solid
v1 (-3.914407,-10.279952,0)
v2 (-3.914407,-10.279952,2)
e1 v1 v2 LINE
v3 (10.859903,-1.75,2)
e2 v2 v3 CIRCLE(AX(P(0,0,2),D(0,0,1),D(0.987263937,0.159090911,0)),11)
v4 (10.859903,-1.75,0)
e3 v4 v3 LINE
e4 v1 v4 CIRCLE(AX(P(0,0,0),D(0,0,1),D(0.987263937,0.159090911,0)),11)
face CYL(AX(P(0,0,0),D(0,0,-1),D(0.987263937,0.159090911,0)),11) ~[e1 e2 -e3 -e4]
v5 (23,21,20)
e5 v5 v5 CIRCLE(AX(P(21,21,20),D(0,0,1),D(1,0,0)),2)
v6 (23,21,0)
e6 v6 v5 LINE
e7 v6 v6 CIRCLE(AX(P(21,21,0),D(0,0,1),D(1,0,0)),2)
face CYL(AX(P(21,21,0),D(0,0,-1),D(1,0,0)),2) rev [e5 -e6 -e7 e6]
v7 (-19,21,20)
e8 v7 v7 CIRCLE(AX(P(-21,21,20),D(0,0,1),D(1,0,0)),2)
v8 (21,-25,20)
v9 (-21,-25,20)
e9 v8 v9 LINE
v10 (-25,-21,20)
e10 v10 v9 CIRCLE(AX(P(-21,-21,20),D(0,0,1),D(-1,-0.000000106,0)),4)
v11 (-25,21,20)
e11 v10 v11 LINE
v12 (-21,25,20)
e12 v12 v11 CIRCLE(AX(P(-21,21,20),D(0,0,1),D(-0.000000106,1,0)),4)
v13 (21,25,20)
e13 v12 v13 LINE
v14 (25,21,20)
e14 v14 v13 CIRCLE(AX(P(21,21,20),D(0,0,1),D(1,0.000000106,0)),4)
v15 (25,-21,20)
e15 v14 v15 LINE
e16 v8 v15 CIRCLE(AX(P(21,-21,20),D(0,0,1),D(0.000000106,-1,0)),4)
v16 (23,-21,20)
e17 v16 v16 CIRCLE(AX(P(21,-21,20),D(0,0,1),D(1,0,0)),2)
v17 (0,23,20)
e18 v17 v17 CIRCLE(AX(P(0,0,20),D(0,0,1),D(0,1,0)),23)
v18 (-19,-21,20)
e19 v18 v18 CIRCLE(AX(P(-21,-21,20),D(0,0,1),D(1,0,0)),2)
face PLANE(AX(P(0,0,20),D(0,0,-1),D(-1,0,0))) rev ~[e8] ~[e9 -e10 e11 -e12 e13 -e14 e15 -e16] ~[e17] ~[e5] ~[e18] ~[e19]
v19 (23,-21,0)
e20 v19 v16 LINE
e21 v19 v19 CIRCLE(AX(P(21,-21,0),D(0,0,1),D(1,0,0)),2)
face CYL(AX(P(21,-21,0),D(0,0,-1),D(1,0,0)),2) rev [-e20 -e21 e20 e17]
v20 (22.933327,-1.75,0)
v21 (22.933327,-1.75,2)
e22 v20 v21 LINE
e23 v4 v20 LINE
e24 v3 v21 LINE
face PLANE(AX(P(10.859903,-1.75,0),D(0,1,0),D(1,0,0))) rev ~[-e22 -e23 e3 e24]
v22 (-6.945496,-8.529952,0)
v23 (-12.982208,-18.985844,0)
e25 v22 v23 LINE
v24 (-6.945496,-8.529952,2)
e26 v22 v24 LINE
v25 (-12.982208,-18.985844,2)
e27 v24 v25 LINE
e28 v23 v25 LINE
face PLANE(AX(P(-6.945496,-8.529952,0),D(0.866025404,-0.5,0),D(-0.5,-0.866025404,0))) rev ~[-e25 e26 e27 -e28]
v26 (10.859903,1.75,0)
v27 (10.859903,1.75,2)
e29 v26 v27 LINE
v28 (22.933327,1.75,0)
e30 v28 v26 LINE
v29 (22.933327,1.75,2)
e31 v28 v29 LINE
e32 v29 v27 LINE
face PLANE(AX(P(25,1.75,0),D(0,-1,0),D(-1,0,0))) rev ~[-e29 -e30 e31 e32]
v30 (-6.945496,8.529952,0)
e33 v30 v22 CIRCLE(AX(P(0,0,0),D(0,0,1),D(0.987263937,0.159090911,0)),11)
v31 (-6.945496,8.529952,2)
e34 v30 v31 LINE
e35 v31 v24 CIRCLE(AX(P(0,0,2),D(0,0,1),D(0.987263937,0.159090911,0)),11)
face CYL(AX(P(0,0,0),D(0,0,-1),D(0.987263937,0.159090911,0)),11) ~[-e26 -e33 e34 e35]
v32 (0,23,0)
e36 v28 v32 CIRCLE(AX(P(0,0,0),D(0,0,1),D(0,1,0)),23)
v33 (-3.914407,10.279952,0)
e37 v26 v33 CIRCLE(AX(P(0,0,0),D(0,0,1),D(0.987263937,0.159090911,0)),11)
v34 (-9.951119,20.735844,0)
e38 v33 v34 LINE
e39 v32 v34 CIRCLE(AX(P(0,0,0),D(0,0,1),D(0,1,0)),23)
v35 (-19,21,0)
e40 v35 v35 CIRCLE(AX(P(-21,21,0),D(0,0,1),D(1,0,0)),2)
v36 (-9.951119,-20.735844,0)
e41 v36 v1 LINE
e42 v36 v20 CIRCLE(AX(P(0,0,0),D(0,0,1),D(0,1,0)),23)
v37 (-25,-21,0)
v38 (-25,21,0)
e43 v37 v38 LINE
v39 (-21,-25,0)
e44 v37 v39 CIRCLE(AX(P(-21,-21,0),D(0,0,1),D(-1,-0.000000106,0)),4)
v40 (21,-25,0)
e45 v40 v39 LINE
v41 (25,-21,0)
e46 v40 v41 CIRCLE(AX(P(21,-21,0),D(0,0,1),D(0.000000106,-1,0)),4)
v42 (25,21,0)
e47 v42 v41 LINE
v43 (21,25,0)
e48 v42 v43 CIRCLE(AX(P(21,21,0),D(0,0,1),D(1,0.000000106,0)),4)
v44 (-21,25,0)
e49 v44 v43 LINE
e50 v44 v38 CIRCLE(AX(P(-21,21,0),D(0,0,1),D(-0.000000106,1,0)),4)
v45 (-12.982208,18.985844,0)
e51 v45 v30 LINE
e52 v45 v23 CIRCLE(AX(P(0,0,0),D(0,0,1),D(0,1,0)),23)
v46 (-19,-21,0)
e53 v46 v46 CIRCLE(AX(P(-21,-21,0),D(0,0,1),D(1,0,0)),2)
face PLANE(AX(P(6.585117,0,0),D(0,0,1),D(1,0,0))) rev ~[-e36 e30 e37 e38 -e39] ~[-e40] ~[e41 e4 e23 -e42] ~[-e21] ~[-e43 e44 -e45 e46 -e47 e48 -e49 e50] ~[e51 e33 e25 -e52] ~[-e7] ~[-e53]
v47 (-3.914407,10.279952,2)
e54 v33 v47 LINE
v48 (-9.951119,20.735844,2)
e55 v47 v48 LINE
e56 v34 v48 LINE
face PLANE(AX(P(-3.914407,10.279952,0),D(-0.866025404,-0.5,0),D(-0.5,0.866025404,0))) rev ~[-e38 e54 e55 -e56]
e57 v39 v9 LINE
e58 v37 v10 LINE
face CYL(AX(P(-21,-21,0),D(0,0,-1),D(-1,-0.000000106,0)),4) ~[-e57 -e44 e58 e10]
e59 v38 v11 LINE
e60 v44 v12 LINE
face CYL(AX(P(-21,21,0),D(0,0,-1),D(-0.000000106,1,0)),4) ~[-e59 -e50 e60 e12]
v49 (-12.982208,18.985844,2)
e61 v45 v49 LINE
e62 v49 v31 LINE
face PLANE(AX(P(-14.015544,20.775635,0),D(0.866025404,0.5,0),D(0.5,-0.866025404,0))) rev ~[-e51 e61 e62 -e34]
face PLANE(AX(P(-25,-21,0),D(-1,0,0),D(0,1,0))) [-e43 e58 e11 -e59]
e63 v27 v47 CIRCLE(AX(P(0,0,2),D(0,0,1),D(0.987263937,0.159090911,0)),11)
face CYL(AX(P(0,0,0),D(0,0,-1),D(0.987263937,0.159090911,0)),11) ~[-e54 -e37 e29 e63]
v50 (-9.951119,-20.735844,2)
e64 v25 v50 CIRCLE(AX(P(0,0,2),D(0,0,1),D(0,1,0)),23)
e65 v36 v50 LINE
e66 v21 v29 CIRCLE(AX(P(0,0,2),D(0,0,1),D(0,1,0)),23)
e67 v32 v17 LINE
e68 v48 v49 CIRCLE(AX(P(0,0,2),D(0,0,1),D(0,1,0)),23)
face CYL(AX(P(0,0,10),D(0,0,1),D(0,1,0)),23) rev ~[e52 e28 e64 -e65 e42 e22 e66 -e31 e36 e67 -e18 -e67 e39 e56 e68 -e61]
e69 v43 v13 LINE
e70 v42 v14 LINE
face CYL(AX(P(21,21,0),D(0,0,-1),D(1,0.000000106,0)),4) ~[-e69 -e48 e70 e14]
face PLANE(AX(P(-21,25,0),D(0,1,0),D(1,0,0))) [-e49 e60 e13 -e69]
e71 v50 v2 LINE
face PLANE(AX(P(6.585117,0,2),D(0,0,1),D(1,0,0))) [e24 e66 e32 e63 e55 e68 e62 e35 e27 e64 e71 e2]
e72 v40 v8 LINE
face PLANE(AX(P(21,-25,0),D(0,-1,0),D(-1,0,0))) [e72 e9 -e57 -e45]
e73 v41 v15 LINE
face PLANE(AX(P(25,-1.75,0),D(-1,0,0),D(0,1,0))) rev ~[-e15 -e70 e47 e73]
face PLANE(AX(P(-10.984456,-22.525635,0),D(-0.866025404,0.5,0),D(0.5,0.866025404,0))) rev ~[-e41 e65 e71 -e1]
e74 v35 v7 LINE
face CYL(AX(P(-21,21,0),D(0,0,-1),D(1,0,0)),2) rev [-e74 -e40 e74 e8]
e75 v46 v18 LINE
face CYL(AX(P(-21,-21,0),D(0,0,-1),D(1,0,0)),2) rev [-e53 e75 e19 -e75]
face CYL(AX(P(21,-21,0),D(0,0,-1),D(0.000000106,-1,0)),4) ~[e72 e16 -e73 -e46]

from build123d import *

# Parameters (mm, degrees)
SKETCH022_R           = 2
PAD007_DEPTH          = 20
SKETCH023_W           = 23
SKETCH023_H           = 20
PAD008_DEPTH          = 2
POLARPATTERN002_COUNT = 3


with BuildPart() as part:
    # Sketch022 → Pad007 (new body)
    with BuildSketch(Plane.XY):
        with BuildLine():
            Line((-21, 25), (21, 25))
            ThreePointArc((25, 21), (23.828427, 23.828427), (21, 25))
            Line((25, 21), (25, -21))
            ThreePointArc((21, -25), (23.828427, -23.828427), (25, -21))
            Line((21, -25), (-21, -25))
            ThreePointArc((-25, -21), (-23.828427, -23.828427), (-21, -25))
            Line((-25, -21), (-25, 21))
            ThreePointArc((-21, 25), (-23.828427, 23.828427), (-25, 21))
        make_face()
        with Locations((-21, -21)):
            Circle(SKETCH022_R, mode=Mode.SUBTRACT)
        with Locations((21, -21)):
            Circle(SKETCH022_R, mode=Mode.SUBTRACT)
        with Locations((21, 21)):
            Circle(SKETCH022_R, mode=Mode.SUBTRACT)
        with Locations((-21, 21)):
            Circle(SKETCH022_R, mode=Mode.SUBTRACT)
    extrude(amount=PAD007_DEPTH)

    # Sketch023 → Groove002 (revolve, cut)
    with BuildSketch(Plane.YZ):
        with Locations((11.5, 10)):
            Rectangle(SKETCH023_W, SKETCH023_H)
    revolve(axis=Axis((0, 0, 0), (0, 0, 1)), mode=Mode.SUBTRACT)

    # Sketch024 → Pad008 (join)
    with BuildSketch(Plane.XY):
        with BuildLine():
            ThreePointArc((10.859903, 1.75), (-11, 0), (10.859903, -1.75))
            Line((10.859903, -1.75), (25, -1.75))
            Line((25, -1.75), (25, 1.75))
            Line((25, 1.75), (10.859903, 1.75))
        make_face()
    pad008 = extrude(amount=PAD008_DEPTH)

    # PolarPattern002: Pad008 ×3 about axis
    polarpattern002_axis = Axis((0, 0, 0), (0, 0, 1))
    for i in range(1, POLARPATTERN002_COUNT):
        add(pad008.rotate(polarpattern002_axis, i * 360 / POLARPATTERN002_COUNT))


solid = part.part
